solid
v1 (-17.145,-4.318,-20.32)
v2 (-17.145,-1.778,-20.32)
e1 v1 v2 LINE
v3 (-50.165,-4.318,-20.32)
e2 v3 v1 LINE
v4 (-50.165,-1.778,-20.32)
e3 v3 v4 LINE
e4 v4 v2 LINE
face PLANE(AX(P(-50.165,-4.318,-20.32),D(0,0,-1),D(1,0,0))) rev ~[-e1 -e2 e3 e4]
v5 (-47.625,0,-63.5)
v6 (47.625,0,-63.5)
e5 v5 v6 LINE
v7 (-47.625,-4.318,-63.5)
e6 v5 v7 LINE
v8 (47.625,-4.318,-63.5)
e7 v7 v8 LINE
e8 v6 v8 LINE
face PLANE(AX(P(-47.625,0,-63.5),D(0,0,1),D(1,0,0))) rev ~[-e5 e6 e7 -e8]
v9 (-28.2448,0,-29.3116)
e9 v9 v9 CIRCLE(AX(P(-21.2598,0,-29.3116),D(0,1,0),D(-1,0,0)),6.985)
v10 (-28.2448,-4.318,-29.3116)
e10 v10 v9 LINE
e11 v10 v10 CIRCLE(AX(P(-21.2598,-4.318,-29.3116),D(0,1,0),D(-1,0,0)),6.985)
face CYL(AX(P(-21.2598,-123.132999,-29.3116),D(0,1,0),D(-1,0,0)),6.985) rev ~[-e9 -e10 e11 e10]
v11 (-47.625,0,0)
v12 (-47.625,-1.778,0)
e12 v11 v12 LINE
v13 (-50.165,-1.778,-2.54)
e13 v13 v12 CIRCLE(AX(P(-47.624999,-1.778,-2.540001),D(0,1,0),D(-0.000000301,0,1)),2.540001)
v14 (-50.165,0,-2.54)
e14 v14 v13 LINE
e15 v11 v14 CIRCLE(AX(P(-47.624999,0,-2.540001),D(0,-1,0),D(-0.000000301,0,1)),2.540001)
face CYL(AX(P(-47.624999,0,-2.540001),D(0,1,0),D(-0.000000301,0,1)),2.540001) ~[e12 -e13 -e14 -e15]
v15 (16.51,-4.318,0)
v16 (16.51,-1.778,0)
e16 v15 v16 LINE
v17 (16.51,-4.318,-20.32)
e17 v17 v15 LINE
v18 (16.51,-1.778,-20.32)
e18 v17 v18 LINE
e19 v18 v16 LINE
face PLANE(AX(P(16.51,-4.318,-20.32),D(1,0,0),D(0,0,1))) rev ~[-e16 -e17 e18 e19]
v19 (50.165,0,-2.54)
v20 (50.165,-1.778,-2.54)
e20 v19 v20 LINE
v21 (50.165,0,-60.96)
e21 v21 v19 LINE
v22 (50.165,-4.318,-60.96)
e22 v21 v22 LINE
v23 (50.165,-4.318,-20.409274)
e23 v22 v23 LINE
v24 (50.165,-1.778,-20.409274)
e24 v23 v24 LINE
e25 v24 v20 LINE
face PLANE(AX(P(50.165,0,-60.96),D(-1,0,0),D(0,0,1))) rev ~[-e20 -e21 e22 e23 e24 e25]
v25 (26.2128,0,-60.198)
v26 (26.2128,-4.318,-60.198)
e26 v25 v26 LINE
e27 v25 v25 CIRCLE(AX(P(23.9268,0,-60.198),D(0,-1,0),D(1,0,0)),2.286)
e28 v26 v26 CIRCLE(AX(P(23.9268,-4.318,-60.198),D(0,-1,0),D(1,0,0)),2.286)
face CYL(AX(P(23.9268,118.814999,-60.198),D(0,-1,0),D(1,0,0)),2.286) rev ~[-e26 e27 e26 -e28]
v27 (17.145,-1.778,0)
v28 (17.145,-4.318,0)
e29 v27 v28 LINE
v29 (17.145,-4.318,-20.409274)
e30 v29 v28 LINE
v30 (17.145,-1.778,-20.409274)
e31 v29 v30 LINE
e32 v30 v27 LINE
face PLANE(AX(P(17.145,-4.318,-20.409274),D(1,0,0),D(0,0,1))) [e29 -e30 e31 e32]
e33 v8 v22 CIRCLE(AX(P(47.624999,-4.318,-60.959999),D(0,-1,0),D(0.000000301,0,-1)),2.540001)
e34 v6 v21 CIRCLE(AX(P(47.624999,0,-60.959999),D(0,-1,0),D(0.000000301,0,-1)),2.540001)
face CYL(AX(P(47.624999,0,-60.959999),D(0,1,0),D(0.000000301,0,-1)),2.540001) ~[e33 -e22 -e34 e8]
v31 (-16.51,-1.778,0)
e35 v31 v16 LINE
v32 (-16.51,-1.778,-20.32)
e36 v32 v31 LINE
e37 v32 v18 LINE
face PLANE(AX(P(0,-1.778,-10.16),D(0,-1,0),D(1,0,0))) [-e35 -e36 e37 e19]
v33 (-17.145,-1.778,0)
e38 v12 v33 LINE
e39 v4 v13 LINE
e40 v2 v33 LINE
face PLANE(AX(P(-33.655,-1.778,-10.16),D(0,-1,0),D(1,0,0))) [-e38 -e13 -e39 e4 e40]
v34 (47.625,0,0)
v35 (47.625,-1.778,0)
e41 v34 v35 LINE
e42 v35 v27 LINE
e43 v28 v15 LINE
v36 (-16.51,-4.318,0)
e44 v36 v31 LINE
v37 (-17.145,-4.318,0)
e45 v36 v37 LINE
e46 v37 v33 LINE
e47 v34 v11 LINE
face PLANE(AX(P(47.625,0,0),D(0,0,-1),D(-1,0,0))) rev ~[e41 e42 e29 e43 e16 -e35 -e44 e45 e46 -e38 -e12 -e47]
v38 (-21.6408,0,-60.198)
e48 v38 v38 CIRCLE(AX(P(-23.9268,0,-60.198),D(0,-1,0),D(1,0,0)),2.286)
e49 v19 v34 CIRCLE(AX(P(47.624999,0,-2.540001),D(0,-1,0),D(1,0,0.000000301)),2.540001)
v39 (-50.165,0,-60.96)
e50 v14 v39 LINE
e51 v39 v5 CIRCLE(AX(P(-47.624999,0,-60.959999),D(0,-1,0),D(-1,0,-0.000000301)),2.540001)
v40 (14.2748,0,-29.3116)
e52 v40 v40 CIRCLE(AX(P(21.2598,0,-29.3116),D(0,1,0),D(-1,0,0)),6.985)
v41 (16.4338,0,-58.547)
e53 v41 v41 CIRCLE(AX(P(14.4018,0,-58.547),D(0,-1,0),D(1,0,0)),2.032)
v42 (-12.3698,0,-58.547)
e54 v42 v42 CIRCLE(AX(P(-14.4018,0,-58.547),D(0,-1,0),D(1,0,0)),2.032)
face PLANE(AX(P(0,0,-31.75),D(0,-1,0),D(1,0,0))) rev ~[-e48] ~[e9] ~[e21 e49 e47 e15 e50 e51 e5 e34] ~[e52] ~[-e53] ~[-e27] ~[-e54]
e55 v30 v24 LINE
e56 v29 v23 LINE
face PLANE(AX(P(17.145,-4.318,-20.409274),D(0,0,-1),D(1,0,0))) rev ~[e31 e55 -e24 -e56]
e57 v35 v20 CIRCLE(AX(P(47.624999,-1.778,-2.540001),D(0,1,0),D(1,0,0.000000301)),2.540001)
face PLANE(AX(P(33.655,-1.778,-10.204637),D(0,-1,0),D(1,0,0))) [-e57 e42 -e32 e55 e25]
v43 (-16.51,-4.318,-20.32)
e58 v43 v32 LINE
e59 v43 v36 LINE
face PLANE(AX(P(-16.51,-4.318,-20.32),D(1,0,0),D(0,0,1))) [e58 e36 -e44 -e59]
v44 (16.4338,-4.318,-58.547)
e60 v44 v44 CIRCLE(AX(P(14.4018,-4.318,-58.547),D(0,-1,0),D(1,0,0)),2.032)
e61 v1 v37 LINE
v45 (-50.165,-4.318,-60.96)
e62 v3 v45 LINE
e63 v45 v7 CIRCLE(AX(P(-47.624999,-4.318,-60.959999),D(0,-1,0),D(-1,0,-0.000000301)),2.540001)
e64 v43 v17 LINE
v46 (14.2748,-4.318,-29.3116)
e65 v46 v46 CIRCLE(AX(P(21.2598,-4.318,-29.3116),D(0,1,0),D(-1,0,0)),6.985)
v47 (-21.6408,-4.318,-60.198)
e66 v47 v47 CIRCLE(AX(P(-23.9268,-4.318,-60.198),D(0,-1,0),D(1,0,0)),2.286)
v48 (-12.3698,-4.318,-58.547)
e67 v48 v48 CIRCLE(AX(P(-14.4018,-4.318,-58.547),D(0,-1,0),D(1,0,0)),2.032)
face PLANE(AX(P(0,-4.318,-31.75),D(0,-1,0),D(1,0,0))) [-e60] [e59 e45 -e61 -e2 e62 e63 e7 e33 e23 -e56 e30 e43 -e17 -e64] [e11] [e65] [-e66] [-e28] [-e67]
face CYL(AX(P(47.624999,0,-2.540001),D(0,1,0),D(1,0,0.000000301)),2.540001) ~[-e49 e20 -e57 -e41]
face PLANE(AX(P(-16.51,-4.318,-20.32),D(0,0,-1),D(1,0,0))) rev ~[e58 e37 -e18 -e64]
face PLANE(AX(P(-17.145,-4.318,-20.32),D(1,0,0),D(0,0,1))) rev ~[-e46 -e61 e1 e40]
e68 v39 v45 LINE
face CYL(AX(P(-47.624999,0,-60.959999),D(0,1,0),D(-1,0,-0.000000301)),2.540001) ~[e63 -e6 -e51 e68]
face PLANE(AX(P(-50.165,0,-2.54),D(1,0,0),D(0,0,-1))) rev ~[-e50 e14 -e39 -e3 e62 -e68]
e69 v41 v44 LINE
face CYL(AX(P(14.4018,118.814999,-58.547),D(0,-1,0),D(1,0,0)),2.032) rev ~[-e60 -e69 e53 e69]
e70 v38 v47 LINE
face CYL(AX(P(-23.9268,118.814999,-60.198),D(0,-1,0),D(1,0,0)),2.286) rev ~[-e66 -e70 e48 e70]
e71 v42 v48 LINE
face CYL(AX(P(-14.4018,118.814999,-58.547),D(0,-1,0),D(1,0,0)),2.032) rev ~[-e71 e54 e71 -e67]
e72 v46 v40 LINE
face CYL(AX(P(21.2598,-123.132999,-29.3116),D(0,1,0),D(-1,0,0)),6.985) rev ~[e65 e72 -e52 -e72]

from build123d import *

# Parameters (mm, degrees)
F1_DEPTH = 4.318
F3_D     = 13.97
F4_W     = 33.02
F4_H     = 20.32
F4_H_2   = 20.409275
F5_DEPTH = 2.54
F8_D     = 4.572
F9_D     = 4.064


with BuildPart() as f1:
    # F0 (on Front) → F1 (new body)
    with BuildSketch(Plane.XZ):
        with BuildLine():
            Line((47.625, 0), (-47.625, 0))
            ThreePointArc((-47.625, 0), (-49.421051, -0.743949), (-50.165, -2.54))
            Line((-50.165, -2.54), (-50.165, -60.96))
            ThreePointArc((-50.165, -60.96), (-49.421051, -62.756051), (-47.625, -63.5))
            Line((-47.625, -63.5), (47.625, -63.5))
            ThreePointArc((47.625, -63.5), (49.421051, -62.756051), (50.165, -60.96))
            Line((50.165, -60.96), (50.165, -2.54))
            ThreePointArc((50.165, -2.54), (49.421051, -0.743949), (47.625, 0))
        make_face()
    extrude(amount=F1_DEPTH)

    # F3 (through all)
    with Locations(Plane.XZ.offset(4.318)):
        with Locations((-21.2598, -29.3116), (21.2598, -29.3116)):
            Hole(F3_D / 2)

    # F4 (on face) → F5 (cut)
    with BuildSketch(Plane.XZ.offset(4.318)):
        with Locations((0, -10.16)):
            Rectangle(F4_W, F4_H)
        with Locations((-33.655, -10.16)):
            Rectangle(F4_W, F4_H)
        with Locations((33.655, -10.204637)):
            Rectangle(F4_W, F4_H_2)
    extrude(amount=-F5_DEPTH, mode=Mode.SUBTRACT)

    # F8 (through all)
    with Locations(Plane(origin=(0, 0, 0), x_dir=(-1, 0, 0), z_dir=(0, 1, 0))):
        with Locations((-23.9268, -60.198), (23.9268, -60.198)):
            Hole(F8_D / 2)

    # F9 (through all)
    with Locations(Plane(origin=(0, 0, 0), x_dir=(-1, 0, 0), z_dir=(0, 1, 0))):
        with Locations((-14.4018, -58.547), (14.4018, -58.547)):
            Hole(F9_D / 2)


solid = f1.part
